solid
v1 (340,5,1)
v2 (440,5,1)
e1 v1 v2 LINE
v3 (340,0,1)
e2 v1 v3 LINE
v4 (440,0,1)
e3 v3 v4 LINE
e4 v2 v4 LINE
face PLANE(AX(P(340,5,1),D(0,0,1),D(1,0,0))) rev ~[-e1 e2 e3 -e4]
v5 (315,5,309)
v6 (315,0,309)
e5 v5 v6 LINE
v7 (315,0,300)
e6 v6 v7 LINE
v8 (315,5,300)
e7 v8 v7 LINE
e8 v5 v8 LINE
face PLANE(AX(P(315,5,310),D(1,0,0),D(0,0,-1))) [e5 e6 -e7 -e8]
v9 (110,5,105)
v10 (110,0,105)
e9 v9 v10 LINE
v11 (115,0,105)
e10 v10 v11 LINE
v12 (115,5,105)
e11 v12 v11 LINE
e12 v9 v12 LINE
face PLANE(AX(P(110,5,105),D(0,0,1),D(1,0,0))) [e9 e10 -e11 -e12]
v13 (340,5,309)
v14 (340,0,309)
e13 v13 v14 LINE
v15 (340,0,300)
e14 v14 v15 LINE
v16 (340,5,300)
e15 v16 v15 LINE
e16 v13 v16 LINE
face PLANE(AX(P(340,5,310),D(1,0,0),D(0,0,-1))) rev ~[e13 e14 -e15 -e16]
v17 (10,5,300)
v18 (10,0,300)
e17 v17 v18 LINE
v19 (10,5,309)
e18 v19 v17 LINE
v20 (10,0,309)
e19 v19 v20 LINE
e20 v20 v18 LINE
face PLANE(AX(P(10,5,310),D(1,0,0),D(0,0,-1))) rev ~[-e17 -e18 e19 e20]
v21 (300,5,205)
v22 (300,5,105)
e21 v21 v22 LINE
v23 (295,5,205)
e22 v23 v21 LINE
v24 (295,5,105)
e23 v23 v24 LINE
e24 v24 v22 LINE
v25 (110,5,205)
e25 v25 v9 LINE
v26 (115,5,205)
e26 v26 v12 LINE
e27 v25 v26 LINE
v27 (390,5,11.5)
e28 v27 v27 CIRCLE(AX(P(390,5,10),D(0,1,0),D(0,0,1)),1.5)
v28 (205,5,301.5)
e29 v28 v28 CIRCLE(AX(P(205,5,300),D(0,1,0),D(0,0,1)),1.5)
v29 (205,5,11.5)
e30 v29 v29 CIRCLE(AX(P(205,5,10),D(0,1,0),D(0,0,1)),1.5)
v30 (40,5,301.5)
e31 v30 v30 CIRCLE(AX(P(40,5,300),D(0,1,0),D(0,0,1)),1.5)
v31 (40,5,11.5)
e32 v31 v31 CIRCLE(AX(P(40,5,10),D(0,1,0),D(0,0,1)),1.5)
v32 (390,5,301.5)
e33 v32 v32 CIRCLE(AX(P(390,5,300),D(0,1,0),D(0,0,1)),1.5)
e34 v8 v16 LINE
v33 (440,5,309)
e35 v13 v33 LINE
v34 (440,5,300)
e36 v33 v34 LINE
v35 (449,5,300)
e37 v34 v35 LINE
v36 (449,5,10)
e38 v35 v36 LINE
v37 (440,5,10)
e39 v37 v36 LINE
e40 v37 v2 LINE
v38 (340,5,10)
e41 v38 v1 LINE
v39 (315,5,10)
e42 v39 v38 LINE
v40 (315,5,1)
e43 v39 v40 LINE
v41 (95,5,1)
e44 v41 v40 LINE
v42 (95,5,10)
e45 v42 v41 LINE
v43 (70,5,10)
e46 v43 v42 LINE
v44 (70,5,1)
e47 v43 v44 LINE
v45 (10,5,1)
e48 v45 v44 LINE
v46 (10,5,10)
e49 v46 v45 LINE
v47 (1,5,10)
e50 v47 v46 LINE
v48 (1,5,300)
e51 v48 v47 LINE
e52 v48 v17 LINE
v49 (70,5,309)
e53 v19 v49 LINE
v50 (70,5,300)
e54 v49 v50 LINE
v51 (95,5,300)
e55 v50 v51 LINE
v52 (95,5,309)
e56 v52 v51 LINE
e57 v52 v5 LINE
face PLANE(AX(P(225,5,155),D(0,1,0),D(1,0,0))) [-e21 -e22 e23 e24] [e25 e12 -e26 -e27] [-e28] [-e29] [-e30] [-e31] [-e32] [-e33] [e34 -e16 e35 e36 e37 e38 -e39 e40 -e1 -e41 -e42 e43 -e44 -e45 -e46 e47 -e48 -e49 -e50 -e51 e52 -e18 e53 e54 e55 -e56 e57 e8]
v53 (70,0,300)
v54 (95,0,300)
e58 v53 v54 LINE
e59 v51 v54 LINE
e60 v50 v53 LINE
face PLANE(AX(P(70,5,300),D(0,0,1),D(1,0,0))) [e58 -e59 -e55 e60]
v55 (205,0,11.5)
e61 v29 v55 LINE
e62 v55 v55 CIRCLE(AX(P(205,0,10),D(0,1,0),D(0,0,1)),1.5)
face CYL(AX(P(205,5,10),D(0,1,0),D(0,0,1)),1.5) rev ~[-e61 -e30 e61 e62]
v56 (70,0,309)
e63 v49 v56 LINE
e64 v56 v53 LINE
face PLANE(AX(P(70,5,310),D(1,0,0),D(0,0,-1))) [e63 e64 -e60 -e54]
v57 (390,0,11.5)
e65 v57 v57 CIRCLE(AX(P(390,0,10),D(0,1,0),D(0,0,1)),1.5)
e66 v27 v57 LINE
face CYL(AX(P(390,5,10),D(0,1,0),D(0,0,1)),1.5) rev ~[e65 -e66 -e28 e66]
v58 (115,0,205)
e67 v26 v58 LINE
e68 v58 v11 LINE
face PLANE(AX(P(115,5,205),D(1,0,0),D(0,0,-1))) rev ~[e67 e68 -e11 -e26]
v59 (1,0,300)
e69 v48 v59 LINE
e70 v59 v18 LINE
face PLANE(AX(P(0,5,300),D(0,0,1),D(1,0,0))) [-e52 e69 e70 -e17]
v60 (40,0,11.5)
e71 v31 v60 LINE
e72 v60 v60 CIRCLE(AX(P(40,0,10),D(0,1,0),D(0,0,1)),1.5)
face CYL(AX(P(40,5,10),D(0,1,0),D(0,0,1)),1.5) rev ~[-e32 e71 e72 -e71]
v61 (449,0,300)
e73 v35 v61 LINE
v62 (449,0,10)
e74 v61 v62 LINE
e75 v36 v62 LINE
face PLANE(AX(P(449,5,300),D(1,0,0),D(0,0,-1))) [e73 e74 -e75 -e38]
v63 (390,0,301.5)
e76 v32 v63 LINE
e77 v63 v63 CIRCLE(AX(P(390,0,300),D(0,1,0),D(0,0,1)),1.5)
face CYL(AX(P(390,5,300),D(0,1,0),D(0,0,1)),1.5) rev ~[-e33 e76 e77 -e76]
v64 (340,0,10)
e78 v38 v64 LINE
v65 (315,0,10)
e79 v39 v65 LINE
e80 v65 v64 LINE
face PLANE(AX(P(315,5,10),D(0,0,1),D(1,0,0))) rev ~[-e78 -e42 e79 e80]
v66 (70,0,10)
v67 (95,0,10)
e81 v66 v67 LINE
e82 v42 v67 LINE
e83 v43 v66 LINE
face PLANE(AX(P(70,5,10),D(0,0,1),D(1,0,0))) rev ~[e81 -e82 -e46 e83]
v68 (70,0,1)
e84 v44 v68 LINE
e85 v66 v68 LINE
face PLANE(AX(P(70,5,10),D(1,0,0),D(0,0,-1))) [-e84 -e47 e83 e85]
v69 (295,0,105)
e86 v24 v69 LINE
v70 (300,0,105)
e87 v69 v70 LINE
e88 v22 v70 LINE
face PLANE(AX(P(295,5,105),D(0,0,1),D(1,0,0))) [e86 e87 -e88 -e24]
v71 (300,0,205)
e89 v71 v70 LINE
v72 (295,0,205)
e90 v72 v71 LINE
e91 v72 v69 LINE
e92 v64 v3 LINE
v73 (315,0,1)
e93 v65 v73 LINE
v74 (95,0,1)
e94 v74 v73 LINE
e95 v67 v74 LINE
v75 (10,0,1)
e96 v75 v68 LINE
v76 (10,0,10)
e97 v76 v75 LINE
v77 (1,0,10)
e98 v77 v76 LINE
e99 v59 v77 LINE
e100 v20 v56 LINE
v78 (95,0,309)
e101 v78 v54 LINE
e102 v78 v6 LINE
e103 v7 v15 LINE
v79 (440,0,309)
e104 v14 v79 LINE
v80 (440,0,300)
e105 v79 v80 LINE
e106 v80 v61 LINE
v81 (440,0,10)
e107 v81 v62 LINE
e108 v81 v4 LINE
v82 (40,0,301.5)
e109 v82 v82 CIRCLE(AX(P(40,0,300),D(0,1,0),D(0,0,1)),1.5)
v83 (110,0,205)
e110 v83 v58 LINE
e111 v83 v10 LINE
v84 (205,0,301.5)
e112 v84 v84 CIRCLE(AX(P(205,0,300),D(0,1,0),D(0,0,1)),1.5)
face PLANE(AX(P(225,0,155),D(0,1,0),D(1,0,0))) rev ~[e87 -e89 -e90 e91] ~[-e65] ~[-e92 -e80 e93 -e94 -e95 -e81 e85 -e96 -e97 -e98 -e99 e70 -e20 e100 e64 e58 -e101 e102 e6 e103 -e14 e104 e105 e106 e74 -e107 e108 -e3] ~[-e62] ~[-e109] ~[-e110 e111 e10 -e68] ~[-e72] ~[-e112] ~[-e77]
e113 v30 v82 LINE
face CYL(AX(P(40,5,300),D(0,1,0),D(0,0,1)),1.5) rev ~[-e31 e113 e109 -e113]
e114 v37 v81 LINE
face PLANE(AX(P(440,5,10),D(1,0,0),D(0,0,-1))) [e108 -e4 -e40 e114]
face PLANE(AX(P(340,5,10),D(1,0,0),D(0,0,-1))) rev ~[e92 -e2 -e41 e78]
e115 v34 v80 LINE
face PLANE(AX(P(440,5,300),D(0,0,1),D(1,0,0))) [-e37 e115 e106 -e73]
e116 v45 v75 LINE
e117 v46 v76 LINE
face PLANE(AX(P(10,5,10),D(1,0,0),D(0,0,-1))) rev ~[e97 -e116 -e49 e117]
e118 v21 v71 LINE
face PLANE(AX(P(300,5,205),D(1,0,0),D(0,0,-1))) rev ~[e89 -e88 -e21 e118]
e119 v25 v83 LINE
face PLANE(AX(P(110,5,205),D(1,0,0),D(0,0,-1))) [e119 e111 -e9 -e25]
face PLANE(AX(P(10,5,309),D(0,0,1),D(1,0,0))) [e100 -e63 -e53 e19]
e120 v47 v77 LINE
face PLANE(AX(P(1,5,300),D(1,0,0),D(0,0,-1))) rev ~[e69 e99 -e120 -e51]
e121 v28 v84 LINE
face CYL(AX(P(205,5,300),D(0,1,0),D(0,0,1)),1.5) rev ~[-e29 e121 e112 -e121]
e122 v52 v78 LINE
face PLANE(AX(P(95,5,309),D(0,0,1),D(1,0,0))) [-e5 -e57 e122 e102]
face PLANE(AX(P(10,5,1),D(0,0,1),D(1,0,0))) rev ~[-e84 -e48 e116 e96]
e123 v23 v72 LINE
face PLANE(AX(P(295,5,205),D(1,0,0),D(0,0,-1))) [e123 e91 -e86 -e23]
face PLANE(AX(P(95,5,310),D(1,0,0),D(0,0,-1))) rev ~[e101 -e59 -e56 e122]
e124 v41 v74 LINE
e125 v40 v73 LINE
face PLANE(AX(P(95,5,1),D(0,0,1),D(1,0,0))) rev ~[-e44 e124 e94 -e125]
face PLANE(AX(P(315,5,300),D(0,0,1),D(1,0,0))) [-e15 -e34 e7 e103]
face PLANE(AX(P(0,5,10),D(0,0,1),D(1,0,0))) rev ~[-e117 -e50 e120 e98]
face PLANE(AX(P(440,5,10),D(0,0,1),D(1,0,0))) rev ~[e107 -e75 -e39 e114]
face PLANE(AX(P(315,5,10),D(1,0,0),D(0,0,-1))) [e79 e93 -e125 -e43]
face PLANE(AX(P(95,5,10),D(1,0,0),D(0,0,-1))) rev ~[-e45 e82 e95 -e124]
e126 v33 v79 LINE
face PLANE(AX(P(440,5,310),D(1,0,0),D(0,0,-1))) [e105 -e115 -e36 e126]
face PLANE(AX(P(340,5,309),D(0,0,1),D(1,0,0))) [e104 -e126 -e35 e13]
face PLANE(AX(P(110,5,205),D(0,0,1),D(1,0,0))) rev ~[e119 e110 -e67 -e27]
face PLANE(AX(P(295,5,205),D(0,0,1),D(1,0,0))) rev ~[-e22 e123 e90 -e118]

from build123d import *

# Parameters (mm, degrees)
SKIZZE1_W                       = 450
SKIZZE1_H                       = 310
AUFSATZ_LINEAR_AUSTRAGEN1_DEPTH = 5
SKIZZE2_W                       = 10
SKIZZE2_H                       = 10
SKIZZE2_W_2                     = 25
SCHNITT_LINEAR_AUSTRAGEN1_DEPTH = 547.465918425
SKIZZE3_W                       = 5
SKIZZE3_H                       = 100
SCHNITT_LINEAR_AUSTRAGEN2_DEPTH = 547.465918425
SKIZZE4_R                       = 1.5
SCHNITT_LINEAR_AUSTRAGEN3_DEPTH = 547.465918425
SKIZZE5_W                       = 2
SKIZZE5_H                       = 290
SKIZZE5_W_2                     = 60
SKIZZE5_H_2                     = 2
SKIZZE5_W_3                     = 220
SKIZZE5_W_4                     = 100
SCHNITT_LINEAR_AUSTRAGEN4_DEPTH = 547.465918425


with BuildPart() as part:
    # Skizze1 → Aufsatz-Linear austragen1 (new body)
    with BuildSketch(Plane(origin=(0, 0, 0), x_dir=(1, 0, 0), z_dir=(0, 1, 0))):
        with Locations((225, -155)):
            Rectangle(SKIZZE1_W, SKIZZE1_H)
    extrude(amount=AUFSATZ_LINEAR_AUSTRAGEN1_DEPTH)

    # Skizze2 → Schnitt-Linear austragen1 (cut, through all)
    with BuildSketch(Plane(origin=(0, 5, 0), x_dir=(1, 0, 0), z_dir=(0, 1, 0))):
        with Locations((5, -5)):
            Rectangle(SKIZZE2_W, SKIZZE2_H)
        with Locations((445, -305)):
            Rectangle(SKIZZE2_W, SKIZZE2_H)
        with Locations((445, -5)):
            Rectangle(SKIZZE2_W, SKIZZE2_H)
        with Locations((5, -305)):
            Rectangle(SKIZZE2_W, SKIZZE2_H)
        with Locations((82.5, -5)):
            Rectangle(SKIZZE2_W_2, SKIZZE2_H)
        with Locations((327.5, -5)):
            Rectangle(SKIZZE2_W_2, SKIZZE2_H)
        with Locations((327.5, -305)):
            Rectangle(SKIZZE2_W_2, SKIZZE2_H)
        with Locations((82.5, -305)):
            Rectangle(SKIZZE2_W_2, SKIZZE2_H)
    extrude(amount=-SCHNITT_LINEAR_AUSTRAGEN1_DEPTH, mode=Mode.SUBTRACT)

    # Skizze3 → Schnitt-Linear austragen2 (cut, through all)
    with BuildSketch(Plane(origin=(0, 5, 0), x_dir=(1, 0, 0), z_dir=(0, 1, 0))):
        with Locations((112.5, -155)):
            Rectangle(SKIZZE3_W, SKIZZE3_H)
        with Locations((297.5, -155)):
            Rectangle(SKIZZE3_W, SKIZZE3_H)
    extrude(amount=-SCHNITT_LINEAR_AUSTRAGEN2_DEPTH, mode=Mode.SUBTRACT)

    # Skizze4 → Schnitt-Linear austragen3 (cut, through all)
    with BuildSketch(Plane(origin=(0, 5, 0), x_dir=(1, 0, 0), z_dir=(0, 1, 0))):
        with Locations(Location((40, -10, 0), (0, 0, 270))):
            Circle(SKIZZE4_R)
        with Locations(Location((205, -10, 0), (0, 0, 270))):
            Circle(SKIZZE4_R)
        with Locations(Location((390, -10, 0), (0, 0, 270))):
            Circle(SKIZZE4_R)
        with Locations(Location((40, -300, 0), (0, 0, 270))):
            Circle(SKIZZE4_R)
        with Locations(Location((205, -300, 0), (0, 0, 270))):
            Circle(SKIZZE4_R)
        with Locations(Location((390, -300, 0), (0, 0, 270))):
            Circle(SKIZZE4_R)
    extrude(amount=-SCHNITT_LINEAR_AUSTRAGEN3_DEPTH, mode=Mode.SUBTRACT)

    # Skizze5 → Schnitt-Linear austragen4 (cut, through all)
    with BuildSketch(Plane(origin=(0, 5, 0), x_dir=(1, 0, 0), z_dir=(0, 1, 0))):
        with Locations((0, -155)):
            Rectangle(SKIZZE5_W, SKIZZE5_H)
        with Locations((40, 0)):
            Rectangle(SKIZZE5_W_2, SKIZZE5_H_2)
        with Locations((205, 0)):
            Rectangle(SKIZZE5_W_3, SKIZZE5_H_2)
        with Locations((390, 0)):
            Rectangle(SKIZZE5_W_4, SKIZZE5_H_2)
        with Locations((450, -155)):
            Rectangle(SKIZZE5_W, SKIZZE5_H)
        with Locations((390, -310)):
            Rectangle(SKIZZE5_W_4, SKIZZE5_H_2)
        with Locations((205, -310)):
            Rectangle(SKIZZE5_W_3, SKIZZE5_H_2)
        with Locations((40, -310)):
            Rectangle(SKIZZE5_W_2, SKIZZE5_H_2)
    extrude(amount=-SCHNITT_LINEAR_AUSTRAGEN4_DEPTH, mode=Mode.SUBTRACT)


solid = part.part
